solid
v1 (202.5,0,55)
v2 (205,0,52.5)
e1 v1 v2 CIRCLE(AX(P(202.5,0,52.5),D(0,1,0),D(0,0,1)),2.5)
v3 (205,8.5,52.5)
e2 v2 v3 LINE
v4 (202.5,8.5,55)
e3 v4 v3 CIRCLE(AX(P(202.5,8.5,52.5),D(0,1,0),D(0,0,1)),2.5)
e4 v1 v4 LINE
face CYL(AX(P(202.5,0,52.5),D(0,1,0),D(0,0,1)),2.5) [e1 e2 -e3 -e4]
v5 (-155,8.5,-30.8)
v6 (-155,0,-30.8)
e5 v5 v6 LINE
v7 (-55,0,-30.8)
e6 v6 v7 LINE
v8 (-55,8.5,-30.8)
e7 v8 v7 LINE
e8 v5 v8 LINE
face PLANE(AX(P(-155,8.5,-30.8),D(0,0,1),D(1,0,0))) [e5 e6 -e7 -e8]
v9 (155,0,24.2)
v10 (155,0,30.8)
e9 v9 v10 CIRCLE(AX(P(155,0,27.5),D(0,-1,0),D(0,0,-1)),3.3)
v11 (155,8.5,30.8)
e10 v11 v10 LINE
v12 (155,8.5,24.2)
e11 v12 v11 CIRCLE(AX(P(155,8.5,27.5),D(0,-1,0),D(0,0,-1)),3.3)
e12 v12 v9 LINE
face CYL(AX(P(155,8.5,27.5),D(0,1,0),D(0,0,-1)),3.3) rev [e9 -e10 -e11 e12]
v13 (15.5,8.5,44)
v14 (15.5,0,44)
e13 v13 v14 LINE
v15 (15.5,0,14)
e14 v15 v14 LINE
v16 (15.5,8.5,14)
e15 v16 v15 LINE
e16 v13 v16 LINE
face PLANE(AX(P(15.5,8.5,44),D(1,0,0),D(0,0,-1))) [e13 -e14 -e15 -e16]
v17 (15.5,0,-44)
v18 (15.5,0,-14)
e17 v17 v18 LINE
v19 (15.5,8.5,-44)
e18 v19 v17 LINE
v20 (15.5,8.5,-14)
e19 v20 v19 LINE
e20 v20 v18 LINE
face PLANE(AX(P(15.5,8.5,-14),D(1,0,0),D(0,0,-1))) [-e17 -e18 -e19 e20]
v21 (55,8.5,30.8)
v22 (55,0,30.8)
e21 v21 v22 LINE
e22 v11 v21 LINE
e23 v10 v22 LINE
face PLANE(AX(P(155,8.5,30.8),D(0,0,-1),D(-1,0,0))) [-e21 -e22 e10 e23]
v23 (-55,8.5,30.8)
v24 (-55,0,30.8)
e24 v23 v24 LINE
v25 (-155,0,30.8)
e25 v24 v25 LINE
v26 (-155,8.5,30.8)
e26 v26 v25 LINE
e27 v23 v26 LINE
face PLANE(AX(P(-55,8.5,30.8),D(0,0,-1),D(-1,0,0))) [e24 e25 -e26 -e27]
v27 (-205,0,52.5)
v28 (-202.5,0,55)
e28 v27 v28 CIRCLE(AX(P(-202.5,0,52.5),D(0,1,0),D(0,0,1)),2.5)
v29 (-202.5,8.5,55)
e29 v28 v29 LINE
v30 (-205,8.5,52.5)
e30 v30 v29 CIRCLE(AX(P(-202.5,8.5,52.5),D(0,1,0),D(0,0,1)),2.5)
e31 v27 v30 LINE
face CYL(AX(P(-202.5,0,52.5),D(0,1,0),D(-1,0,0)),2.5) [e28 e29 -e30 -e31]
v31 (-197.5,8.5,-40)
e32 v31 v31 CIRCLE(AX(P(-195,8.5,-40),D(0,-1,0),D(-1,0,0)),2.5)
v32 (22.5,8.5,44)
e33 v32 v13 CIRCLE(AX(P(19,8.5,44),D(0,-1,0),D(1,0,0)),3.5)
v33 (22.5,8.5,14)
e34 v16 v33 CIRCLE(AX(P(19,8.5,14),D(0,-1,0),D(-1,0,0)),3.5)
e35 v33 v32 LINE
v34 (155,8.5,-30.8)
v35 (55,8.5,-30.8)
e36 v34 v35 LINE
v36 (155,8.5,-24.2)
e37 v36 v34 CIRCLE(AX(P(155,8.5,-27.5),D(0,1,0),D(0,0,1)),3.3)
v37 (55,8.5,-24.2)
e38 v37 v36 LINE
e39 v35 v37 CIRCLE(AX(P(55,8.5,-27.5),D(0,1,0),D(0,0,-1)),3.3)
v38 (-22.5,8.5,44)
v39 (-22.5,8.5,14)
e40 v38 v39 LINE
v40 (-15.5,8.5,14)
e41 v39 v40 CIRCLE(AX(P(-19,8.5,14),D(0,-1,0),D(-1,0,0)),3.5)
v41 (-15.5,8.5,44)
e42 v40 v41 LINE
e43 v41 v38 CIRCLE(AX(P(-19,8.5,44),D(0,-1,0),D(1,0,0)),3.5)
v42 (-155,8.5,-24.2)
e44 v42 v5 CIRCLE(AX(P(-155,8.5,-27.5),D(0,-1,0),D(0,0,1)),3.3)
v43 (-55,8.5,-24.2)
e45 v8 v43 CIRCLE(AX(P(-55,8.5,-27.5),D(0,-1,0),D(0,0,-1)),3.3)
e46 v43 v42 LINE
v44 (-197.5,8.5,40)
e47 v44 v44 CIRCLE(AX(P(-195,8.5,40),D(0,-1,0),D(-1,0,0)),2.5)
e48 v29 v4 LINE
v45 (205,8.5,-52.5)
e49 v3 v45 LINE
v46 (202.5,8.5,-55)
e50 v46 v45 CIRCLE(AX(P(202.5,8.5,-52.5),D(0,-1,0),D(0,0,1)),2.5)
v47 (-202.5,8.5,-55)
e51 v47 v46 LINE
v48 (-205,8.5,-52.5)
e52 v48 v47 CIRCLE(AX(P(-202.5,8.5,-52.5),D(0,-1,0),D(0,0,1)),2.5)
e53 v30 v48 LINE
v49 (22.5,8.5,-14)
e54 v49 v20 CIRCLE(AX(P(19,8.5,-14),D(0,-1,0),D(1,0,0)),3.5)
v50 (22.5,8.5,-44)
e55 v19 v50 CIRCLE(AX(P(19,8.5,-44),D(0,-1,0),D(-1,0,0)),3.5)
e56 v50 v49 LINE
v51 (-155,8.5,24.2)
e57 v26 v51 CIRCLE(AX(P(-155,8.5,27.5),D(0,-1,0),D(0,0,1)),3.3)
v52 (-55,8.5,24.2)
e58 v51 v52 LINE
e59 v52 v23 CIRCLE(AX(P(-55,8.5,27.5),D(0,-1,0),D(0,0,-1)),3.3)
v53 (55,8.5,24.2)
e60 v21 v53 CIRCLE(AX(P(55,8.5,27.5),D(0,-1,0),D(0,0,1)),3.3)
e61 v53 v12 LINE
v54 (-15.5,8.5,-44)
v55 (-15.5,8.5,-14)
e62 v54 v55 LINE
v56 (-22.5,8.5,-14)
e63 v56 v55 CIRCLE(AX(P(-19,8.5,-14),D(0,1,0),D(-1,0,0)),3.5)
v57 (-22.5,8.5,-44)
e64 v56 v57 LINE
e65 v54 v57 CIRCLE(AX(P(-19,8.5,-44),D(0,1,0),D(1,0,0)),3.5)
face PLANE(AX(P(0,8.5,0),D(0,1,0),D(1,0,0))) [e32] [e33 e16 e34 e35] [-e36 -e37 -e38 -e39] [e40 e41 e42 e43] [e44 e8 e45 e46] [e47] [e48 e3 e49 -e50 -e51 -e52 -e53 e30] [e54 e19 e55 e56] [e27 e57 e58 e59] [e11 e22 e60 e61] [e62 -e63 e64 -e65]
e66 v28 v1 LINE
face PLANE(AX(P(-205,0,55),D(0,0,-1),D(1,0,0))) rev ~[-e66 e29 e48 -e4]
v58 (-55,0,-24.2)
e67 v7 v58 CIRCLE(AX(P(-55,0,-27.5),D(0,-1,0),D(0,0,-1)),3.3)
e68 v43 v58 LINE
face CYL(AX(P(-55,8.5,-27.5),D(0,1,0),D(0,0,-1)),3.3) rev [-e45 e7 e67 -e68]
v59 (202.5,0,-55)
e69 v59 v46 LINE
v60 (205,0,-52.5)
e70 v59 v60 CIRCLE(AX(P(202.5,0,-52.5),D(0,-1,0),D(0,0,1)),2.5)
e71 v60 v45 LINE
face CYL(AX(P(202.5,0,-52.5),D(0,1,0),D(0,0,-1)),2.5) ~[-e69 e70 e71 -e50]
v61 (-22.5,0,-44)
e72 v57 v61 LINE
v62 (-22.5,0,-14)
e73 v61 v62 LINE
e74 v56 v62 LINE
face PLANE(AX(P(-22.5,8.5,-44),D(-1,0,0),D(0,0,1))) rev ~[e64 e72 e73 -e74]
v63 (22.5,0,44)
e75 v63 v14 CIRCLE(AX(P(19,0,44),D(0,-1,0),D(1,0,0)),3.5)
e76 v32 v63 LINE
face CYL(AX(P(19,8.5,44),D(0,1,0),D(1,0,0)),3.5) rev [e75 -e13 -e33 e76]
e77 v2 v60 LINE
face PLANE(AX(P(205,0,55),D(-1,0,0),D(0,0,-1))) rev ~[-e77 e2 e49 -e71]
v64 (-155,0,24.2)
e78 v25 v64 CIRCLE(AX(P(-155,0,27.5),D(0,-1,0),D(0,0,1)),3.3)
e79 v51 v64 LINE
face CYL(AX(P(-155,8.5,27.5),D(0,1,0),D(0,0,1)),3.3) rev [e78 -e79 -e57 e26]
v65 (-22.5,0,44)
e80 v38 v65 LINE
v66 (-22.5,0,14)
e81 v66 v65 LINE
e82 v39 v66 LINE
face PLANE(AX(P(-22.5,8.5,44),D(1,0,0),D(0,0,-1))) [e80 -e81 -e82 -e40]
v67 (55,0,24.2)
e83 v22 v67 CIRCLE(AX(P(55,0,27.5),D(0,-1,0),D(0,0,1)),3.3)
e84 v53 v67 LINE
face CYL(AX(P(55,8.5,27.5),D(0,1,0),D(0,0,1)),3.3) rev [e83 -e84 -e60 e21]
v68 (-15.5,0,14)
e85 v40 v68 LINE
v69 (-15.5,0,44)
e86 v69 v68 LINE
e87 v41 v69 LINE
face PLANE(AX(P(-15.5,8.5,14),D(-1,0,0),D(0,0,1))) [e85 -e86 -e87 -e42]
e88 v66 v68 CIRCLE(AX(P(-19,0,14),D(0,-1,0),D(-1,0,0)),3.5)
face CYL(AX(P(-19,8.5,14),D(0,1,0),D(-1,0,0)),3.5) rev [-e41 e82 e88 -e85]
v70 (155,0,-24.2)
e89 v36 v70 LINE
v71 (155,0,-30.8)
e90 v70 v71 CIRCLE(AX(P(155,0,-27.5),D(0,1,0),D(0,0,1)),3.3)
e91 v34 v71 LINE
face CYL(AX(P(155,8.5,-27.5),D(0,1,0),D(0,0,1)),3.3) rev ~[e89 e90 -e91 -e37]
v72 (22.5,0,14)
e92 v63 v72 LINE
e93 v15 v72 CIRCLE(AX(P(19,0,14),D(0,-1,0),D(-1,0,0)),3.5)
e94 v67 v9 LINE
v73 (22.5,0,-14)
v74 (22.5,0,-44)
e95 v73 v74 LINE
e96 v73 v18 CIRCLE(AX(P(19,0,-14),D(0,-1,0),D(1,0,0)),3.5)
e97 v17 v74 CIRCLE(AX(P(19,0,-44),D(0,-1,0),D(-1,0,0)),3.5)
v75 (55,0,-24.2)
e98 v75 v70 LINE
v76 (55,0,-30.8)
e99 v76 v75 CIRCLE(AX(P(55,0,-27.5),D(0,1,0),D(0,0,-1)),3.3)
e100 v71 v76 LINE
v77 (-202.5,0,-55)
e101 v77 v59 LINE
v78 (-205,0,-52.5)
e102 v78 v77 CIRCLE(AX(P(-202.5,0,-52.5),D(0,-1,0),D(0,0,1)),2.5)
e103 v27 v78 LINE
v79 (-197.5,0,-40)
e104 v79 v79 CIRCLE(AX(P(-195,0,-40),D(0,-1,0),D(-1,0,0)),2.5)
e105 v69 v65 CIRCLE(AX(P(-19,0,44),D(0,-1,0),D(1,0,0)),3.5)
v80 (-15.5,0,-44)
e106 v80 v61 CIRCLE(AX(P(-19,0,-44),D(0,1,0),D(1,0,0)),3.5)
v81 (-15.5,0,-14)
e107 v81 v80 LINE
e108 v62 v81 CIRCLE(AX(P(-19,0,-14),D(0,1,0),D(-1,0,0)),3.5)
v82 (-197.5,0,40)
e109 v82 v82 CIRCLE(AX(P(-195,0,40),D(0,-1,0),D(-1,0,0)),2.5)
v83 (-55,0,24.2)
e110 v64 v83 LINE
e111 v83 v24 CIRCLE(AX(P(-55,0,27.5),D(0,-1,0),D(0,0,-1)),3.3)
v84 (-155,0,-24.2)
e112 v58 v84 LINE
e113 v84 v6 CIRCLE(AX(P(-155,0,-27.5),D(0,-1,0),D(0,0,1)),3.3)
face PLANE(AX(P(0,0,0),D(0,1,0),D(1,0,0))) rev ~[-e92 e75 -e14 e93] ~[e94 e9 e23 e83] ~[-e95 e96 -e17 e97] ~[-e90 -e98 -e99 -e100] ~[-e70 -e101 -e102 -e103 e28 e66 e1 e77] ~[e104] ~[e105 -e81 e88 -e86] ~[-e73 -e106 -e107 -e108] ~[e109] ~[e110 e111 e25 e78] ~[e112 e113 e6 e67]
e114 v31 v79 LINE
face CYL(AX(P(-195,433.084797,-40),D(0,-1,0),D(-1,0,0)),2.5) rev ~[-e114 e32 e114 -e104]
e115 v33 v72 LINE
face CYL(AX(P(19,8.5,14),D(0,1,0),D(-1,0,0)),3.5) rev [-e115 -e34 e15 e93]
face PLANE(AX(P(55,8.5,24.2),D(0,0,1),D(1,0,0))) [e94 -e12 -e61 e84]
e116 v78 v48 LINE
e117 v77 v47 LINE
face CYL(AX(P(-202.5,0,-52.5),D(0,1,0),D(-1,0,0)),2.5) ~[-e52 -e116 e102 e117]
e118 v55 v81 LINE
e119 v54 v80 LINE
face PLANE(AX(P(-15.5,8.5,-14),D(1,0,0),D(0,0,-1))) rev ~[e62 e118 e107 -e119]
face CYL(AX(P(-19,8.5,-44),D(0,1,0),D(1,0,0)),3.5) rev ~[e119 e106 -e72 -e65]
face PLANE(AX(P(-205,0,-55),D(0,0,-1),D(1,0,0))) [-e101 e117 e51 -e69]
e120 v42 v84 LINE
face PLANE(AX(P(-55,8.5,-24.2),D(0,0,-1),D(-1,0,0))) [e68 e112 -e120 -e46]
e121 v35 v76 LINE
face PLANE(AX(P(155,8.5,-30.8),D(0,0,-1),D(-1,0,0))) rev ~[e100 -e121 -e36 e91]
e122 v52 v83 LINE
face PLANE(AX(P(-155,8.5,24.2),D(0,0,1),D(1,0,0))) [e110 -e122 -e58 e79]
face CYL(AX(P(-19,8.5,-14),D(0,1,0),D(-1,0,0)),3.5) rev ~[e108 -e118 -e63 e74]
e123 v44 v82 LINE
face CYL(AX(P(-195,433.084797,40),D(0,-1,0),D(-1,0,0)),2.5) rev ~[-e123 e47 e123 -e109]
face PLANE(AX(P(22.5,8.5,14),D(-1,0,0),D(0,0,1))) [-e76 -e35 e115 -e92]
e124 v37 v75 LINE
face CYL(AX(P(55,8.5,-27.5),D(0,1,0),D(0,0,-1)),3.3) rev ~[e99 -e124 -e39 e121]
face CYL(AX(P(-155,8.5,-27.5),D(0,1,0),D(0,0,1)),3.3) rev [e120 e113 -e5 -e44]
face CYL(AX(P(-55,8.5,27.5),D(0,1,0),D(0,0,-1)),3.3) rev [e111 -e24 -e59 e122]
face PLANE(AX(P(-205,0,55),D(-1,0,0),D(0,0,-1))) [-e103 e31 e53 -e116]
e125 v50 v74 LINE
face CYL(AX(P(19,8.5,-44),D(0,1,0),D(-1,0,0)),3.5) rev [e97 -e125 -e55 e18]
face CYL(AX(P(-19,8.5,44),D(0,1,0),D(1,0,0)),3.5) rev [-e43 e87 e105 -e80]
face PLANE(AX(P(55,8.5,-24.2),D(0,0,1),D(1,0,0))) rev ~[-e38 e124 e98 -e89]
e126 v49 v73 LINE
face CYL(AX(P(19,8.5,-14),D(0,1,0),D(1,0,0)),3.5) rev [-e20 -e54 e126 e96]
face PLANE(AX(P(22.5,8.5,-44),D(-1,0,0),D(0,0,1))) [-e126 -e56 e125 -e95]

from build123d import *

# Parameters (mm, degrees)
SKETCH1_W            = 410
SKETCH1_H            = 110
BOSS_EXTRUDE1_DEPTH  = 8.5
M4_CLEARANCE_HOLE1_D = 5
M6_CLEARANCE_HOLE1_D = 7
FILLET1_R            = 2.5
CUT_EXTRUDE1_DEPTH   = 8.5
CUT_EXTRUDE2_DEPTH   = 8.5


with BuildPart() as part:
    # Sketch1 → Boss-Extrude1 (new body)
    with BuildSketch(Plane(origin=(0, 0, 0), x_dir=(1, 0, 0), z_dir=(0, 1, 0))):
        Rectangle(SKETCH1_W, SKETCH1_H)
    extrude(amount=BOSS_EXTRUDE1_DEPTH)

    # M4 Clearance Hole1 (through all)
    with Locations(Plane(origin=(0, 8.5, 0), x_dir=(1, 0, 0), z_dir=(0, 1, 0))):
        with Locations((-195, -40), (-195, 40)):
            Hole(M4_CLEARANCE_HOLE1_D / 2)

    # M6 Clearance Hole1 (through all)
    with Locations(Plane(origin=(0, 8.5, 0), x_dir=(1, 0, 0), z_dir=(0, 1, 0))):
        with Locations((19, 34), (19, -34), (-19, -34), (-19, 34)):
            Hole(M6_CLEARANCE_HOLE1_D / 2)

    # Fillet1
    fillet1_edges = [part.edges().sort_by_distance(p)[0] for p in [
        (205, 4.25, 55),
        (-205, 4.25, 55),
        (-205, 4.25, -55),
        (205, 4.25, -55),
    ]]
    fillet(fillet1_edges, radius=FILLET1_R)

    # Sketch6 → Cut-Extrude1 (cut)
    with BuildSketch(Plane(origin=(0, 8.5, 0), x_dir=(1, 0, 0), z_dir=(0, 1, 0))):
        with BuildLine():
            Line((-22.5, 34), (-22.5, 14))
            ThreePointArc((-22.5, 14), (-19, 10.5), (-15.5, 14))
            Line((-15.5, 14), (-15.5, 34))
            Line((-15.5, 34), (-15.5, 44))
            ThreePointArc((-15.5, 44), (-19, 47.5), (-22.5, 44))
            Line((-22.5, 44), (-22.5, 34))
        make_face()
        with BuildLine():
            Line((22.5, 34), (22.5, 14))
            ThreePointArc((22.5, 14), (19, 10.5), (15.5, 14))
            Line((15.5, 14), (15.5, 34))
            Line((15.5, 34), (15.5, 44))
            ThreePointArc((15.5, 44), (19, 47.5), (22.5, 44))
            Line((22.5, 44), (22.5, 34))
        make_face()
        with BuildLine():
            Line((-22.5, -44), (-22.5, -34))
            Line((-22.5, -34), (-22.5, -14))
            ThreePointArc((-22.5, -14), (-19, -10.5), (-15.5, -14))
            Line((-15.5, -14), (-15.5, -34))
            Line((-15.5, -34), (-15.5, -44))
            ThreePointArc((-15.5, -44), (-19, -47.5), (-22.5, -44))
        make_face()
        with BuildLine():
            Line((15.5, -44), (15.5, -34))
            Line((15.5, -34), (15.5, -14))
            ThreePointArc((15.5, -14), (19, -10.5), (22.5, -14))
            Line((22.5, -14), (22.5, -34))
            Line((22.5, -34), (22.5, -44))
            ThreePointArc((22.5, -44), (19, -47.5), (15.5, -44))
        make_face()
    extrude(amount=-CUT_EXTRUDE1_DEPTH, mode=Mode.SUBTRACT)

    # Sketch7 → Cut-Extrude2 (cut)
    with BuildSketch(Plane(origin=(0, 8.5, 0), x_dir=(1, 0, 0), z_dir=(0, 1, 0))):
        with BuildLine():
            Line((-155, 30.8), (-55, 30.8))
            ThreePointArc((-55, 30.8), (-51.7, 27.5), (-55, 24.2))
            Line((-55, 24.2), (-155, 24.2))
            ThreePointArc((-155, 24.2), (-158.3, 27.5), (-155, 30.8))
        make_face()
        with BuildLine():
            Line((-155, -24.2), (-55, -24.2))
            ThreePointArc((-55, -24.2), (-51.7, -27.5), (-55, -30.8))
            Line((-55, -30.8), (-155, -30.8))
            ThreePointArc((-155, -30.8), (-158.3, -27.5), (-155, -24.2))
        make_face()
        with BuildLine():
            Line((55, -24.2), (155, -24.2))
            ThreePointArc((155, -24.2), (158.3, -27.5), (155, -30.8))
            Line((155, -30.8), (55, -30.8))
            ThreePointArc((55, -30.8), (51.7, -27.5), (55, -24.2))
        make_face()
        with BuildLine():
            Line((155, 30.8), (55, 30.8))
            ThreePointArc((55, 30.8), (51.7, 27.5), (55, 24.2))
            Line((55, 24.2), (155, 24.2))
            ThreePointArc((155, 24.2), (158.3, 27.5), (155, 30.8))
        make_face()
    extrude(amount=-CUT_EXTRUDE2_DEPTH, mode=Mode.SUBTRACT)


solid = part.part
